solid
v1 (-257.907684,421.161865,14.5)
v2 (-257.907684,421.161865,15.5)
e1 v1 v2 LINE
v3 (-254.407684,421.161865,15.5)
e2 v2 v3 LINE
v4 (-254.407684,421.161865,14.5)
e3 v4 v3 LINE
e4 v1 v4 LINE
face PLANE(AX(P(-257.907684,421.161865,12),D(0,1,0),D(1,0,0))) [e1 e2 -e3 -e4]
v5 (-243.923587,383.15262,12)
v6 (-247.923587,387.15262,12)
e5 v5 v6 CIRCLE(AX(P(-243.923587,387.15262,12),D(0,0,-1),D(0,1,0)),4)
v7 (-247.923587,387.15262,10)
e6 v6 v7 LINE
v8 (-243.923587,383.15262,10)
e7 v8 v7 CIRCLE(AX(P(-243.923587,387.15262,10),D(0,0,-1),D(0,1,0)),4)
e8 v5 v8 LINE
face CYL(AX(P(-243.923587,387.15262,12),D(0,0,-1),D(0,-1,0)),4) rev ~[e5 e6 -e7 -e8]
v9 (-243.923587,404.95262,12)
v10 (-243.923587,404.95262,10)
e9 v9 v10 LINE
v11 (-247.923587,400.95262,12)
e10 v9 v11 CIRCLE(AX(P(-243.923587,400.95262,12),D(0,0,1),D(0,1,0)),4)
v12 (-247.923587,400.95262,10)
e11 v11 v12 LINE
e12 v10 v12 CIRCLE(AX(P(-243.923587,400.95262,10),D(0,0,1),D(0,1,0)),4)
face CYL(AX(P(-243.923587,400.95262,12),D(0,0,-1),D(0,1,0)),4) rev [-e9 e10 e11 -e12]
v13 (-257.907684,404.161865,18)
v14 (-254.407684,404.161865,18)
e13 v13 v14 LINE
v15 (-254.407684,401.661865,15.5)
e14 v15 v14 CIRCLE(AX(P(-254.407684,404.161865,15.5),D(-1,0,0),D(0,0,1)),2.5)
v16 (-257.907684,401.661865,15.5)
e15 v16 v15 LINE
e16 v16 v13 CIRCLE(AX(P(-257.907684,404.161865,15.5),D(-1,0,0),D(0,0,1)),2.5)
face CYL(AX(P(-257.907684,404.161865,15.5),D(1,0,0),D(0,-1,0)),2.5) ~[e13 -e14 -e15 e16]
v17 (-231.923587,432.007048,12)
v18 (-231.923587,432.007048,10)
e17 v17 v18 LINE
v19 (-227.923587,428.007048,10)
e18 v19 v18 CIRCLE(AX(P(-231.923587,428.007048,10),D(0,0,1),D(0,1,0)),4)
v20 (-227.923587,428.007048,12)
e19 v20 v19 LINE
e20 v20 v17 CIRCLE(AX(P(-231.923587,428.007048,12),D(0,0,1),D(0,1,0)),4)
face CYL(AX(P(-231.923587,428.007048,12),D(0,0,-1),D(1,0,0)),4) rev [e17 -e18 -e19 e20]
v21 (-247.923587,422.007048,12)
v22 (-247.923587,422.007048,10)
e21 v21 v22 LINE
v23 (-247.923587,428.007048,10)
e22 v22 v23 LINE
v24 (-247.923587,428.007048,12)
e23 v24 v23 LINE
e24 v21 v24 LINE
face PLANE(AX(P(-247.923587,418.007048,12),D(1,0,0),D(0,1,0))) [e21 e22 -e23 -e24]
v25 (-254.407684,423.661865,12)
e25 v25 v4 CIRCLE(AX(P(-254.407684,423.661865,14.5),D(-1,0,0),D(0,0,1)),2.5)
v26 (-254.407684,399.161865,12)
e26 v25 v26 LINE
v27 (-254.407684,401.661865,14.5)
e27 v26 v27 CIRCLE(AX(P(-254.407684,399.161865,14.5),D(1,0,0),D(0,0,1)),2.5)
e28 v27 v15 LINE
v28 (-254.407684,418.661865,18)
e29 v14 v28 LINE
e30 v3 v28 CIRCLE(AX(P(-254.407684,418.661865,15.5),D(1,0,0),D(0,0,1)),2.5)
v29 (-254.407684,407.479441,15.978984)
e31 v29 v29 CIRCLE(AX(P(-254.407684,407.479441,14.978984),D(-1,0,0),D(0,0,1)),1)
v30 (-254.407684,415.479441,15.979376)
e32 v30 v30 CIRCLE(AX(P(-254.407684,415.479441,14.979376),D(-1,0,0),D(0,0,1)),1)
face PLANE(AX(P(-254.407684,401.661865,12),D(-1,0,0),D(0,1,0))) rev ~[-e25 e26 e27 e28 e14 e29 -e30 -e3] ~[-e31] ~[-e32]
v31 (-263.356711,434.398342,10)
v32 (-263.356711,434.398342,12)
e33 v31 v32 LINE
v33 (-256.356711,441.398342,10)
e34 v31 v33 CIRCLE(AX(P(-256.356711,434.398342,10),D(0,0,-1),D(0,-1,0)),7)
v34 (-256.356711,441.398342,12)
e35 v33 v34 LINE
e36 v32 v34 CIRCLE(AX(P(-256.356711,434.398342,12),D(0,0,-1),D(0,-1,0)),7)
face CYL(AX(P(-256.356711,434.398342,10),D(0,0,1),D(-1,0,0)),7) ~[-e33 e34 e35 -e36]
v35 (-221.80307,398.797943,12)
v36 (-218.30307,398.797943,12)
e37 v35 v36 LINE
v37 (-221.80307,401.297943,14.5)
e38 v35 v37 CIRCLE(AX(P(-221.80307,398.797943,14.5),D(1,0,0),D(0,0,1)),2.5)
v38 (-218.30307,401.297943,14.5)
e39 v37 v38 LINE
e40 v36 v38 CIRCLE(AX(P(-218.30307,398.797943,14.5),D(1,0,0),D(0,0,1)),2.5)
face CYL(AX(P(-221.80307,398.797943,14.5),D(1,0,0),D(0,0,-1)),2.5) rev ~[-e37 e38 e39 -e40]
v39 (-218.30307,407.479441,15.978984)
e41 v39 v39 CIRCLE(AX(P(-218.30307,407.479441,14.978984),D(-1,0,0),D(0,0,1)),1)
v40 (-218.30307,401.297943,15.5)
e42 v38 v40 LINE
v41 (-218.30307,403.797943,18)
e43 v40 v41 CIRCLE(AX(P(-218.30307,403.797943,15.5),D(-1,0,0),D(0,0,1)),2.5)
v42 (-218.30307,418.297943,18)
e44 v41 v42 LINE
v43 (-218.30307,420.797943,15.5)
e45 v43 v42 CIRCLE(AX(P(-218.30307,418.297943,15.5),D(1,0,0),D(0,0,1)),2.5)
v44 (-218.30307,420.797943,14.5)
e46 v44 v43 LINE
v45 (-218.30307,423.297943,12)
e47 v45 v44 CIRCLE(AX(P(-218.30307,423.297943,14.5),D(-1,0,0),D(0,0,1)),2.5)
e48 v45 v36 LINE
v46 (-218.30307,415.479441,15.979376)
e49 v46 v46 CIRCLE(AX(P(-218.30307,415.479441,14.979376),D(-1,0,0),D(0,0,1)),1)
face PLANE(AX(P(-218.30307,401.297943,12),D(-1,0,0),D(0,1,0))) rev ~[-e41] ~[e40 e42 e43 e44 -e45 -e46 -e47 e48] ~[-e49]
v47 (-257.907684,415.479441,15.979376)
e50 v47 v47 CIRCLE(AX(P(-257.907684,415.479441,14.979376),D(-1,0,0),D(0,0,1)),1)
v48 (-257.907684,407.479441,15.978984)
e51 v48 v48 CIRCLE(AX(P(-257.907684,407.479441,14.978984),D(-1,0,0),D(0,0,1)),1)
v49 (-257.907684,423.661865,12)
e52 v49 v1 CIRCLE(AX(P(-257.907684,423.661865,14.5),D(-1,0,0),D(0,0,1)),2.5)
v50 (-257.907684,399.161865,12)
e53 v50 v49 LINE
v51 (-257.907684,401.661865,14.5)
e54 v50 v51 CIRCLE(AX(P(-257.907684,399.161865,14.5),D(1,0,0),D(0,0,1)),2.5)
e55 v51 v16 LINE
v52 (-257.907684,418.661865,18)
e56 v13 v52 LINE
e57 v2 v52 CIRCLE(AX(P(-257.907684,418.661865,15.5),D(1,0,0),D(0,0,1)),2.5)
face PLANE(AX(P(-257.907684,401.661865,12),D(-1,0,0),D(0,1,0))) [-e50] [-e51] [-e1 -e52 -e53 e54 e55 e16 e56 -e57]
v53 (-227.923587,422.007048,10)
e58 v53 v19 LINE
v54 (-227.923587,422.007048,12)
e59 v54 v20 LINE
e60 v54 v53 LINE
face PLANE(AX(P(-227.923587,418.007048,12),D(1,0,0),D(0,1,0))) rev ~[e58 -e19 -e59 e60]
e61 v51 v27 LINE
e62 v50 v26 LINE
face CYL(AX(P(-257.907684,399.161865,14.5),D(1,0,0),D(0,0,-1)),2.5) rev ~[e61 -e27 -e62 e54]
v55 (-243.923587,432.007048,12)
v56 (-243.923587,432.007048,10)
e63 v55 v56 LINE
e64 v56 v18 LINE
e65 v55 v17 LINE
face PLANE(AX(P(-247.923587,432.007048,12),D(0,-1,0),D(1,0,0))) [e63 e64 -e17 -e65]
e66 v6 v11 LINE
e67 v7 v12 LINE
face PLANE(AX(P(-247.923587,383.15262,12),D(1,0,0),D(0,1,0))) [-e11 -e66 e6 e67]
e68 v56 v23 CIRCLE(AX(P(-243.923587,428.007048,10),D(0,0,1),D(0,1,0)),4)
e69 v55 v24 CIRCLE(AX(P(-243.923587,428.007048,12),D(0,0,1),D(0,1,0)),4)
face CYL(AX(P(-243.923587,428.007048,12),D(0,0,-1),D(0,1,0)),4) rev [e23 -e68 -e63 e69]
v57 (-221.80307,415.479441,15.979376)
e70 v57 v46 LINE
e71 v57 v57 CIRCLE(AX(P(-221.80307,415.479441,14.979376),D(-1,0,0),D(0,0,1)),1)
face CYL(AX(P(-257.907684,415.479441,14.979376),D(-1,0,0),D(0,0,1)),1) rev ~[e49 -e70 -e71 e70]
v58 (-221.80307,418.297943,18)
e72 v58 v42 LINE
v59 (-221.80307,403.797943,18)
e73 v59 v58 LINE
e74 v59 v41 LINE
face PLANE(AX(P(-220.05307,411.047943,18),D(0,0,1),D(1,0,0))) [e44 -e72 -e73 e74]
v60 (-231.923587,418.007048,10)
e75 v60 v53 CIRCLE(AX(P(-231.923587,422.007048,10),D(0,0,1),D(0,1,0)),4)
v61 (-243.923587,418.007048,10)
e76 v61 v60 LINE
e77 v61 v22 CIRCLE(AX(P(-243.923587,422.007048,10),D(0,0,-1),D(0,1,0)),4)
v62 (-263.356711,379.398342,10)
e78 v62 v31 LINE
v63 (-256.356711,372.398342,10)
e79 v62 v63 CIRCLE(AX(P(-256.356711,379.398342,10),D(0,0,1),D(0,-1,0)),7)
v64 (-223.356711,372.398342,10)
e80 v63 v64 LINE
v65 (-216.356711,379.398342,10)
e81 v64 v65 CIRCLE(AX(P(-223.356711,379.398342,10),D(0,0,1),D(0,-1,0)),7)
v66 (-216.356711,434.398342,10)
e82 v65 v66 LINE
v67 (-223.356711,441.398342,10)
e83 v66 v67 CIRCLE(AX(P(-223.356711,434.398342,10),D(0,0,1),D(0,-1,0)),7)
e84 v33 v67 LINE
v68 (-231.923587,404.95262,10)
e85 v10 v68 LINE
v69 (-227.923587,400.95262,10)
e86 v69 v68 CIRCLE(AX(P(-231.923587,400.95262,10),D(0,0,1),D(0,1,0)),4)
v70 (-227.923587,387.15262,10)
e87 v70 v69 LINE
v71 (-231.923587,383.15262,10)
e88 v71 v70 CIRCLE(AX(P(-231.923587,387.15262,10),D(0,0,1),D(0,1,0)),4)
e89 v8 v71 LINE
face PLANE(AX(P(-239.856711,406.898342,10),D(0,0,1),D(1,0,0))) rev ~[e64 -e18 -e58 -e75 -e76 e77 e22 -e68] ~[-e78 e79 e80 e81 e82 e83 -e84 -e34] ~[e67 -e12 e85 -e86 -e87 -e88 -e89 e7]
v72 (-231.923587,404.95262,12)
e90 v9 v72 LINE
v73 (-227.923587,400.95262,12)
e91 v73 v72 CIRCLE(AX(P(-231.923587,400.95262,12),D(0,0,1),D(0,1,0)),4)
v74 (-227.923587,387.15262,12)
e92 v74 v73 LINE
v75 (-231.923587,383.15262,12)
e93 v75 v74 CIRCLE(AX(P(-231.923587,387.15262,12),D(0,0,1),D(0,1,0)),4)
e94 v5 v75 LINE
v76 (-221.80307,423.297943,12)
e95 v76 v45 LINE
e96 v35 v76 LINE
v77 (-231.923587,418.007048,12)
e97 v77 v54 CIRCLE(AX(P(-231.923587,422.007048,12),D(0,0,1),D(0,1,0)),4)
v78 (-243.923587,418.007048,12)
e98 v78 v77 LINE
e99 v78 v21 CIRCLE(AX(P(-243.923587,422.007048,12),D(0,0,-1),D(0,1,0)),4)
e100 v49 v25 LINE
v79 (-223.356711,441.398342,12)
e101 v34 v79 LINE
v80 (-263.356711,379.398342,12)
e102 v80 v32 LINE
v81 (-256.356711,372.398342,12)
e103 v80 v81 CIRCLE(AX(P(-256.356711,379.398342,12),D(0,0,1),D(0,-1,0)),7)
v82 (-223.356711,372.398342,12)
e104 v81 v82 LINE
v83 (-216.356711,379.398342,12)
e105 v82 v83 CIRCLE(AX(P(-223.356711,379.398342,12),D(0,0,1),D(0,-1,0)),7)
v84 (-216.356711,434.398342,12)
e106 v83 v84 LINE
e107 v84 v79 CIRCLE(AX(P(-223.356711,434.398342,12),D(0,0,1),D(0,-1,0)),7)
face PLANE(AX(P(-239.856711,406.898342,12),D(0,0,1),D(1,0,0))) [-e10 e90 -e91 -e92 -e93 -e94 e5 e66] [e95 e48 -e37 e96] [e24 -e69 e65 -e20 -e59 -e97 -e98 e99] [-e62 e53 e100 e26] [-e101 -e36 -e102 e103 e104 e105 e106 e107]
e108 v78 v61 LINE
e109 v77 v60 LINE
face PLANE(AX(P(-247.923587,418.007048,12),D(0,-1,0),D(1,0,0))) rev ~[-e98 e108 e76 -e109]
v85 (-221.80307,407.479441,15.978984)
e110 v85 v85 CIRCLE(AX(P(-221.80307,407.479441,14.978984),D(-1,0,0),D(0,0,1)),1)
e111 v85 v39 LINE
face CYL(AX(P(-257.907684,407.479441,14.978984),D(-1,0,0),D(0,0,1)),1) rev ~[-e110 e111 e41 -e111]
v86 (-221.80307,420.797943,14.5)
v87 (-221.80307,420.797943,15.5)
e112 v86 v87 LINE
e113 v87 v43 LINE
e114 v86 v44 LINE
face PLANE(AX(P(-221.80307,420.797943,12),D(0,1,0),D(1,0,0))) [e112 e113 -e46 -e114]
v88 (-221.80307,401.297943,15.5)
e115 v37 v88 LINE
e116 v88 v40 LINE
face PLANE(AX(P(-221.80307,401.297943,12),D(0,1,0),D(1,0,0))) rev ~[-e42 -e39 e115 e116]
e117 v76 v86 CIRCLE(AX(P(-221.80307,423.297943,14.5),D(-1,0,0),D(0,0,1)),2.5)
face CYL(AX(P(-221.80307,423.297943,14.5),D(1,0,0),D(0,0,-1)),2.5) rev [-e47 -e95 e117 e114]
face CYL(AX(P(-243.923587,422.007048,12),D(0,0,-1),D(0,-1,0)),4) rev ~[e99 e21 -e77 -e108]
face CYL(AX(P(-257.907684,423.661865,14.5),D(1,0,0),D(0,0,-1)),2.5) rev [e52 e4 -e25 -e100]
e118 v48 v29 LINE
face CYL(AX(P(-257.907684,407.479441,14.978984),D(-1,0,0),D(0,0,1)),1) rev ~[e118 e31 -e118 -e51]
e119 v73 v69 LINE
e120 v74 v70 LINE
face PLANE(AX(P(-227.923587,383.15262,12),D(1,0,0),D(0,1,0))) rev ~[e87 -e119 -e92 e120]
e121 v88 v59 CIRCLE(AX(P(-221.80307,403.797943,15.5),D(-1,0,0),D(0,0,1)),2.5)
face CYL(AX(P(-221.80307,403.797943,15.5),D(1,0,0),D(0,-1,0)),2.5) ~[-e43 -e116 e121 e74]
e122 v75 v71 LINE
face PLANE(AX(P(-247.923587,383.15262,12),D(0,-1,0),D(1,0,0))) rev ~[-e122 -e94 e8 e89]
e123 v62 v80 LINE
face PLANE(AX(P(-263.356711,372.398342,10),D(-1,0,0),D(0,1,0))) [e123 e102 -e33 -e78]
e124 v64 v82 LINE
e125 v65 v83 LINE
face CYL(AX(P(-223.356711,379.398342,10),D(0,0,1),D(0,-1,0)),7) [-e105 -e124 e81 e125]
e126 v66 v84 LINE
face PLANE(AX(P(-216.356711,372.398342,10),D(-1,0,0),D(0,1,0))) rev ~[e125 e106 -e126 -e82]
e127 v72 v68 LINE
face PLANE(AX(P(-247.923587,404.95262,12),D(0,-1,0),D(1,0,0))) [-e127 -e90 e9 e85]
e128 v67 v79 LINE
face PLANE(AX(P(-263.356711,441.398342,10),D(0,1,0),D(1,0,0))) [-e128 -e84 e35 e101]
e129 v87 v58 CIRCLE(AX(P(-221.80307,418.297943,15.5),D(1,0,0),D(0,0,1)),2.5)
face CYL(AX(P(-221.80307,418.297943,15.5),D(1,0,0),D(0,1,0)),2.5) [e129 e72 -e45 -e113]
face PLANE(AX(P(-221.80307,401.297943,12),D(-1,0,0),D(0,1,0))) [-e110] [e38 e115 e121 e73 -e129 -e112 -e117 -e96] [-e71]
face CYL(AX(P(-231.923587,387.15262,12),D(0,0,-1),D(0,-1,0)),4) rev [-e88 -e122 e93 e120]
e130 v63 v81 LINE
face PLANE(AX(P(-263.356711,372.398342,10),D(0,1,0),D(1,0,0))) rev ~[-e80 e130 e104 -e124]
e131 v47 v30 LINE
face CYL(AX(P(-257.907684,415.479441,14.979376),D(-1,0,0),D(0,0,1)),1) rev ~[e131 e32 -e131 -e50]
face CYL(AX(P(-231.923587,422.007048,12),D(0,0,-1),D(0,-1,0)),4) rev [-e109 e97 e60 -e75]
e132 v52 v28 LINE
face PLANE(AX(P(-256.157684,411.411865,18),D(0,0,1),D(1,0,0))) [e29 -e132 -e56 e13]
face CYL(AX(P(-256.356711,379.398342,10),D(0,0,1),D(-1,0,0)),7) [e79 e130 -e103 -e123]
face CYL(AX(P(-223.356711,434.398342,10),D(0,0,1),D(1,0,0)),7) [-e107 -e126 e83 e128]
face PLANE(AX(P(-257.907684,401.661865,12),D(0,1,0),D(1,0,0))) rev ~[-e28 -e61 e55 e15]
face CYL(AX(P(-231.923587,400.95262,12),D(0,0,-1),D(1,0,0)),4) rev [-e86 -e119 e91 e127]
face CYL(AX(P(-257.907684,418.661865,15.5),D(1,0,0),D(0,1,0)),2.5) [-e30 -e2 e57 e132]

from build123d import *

# Parameters (mm, degrees)
SKETCH1_W           = 47
SKETCH1_H           = 69
BOSS_EXTRUDE1_DEPTH = 2
FILLET1_R           = 7
SKETCH2_W           = 20
SKETCH2_H           = 14
SKETCH2_H_2         = 21.8
CUT_EXTRUDE1_DEPTH  = 2
SKETCH3_W           = 3.5
SKETCH3_H           = 19.5
BOSS_EXTRUDE2_DEPTH = 6
FILLET2_R           = 4
FILLET3_R           = 2.5
SKETCH4_R           = 1
CUT_EXTRUDE2_DEPTH  = 444.714975323


with BuildPart() as part:
    # Sketch1 → Boss-Extrude1 (new body)
    with BuildSketch(Plane.XY.offset(10)):
        with Locations((-239.856711142, 406.898341584)):
            Rectangle(SKETCH1_W, SKETCH1_H)
    extrude(amount=BOSS_EXTRUDE1_DEPTH)

    # Fillet1
    fillet1_edges = [part.edges().sort_by_distance(p)[0] for p in [
        (-263.356711142, 441.398341584, 11),
        (-216.356711142, 441.398341584, 11),
        (-216.356711142, 372.398341584, 11),
        (-263.356711142, 372.398341584, 11),
    ]]
    fillet(fillet1_edges, radius=FILLET1_R)

    # Sketch2 → Cut-Extrude1 (cut)
    with BuildSketch(Plane.XY.offset(12)):
        with Locations((-237.923586614, 425.007047567)):
            Rectangle(SKETCH2_W, SKETCH2_H)
        with Locations((-237.923586614, 394.052620238)):
            Rectangle(SKETCH2_W, SKETCH2_H_2)
    extrude(amount=-CUT_EXTRUDE1_DEPTH, mode=Mode.SUBTRACT)

    # Sketch3 → Boss-Extrude2 (add)
    with BuildSketch(Plane.XY.offset(12)):
        with Locations((-220.053070068, 411.047943115)):
            Rectangle(SKETCH3_W, SKETCH3_H)
        with Locations((-256.157684326, 411.411865234)):
            Rectangle(SKETCH3_W, SKETCH3_H)
    extrude(amount=BOSS_EXTRUDE2_DEPTH)

    # Fillet2
    fillet2_edges = [part.edges().sort_by_distance(p)[0] for p in [
        (-247.923586614, 418.007047567, 11),
        (-247.923586614, 432.007047567, 11),
        (-227.923586614, 432.007047567, 11),
        (-227.923586614, 418.007047567, 11),
        (-247.923586614, 383.152620238, 11),
        (-247.923586614, 404.952620238, 11),
        (-227.923586614, 404.952620238, 11),
        (-227.923586614, 383.152620238, 11),
    ]]
    fillet(fillet2_edges, radius=FILLET2_R)

    # Fillet3
    fillet3_edges = [part.edges().sort_by_distance(p)[0] for p in [
        (-256.157684326, 421.161865234, 12),
        (-256.157684326, 401.661865234, 12),
        (-256.157684326, 421.161865234, 18),
        (-256.157684326, 401.661865234, 18),
        (-220.053070068, 401.297943115, 12),
        (-220.053070068, 420.797943115, 12),
        (-220.053070068, 401.297943115, 18),
        (-220.053070068, 420.797943115, 18),
    ]]
    fillet(fillet3_edges, radius=FILLET3_R)

    # Sketch4 → Cut-Extrude2 (cut, through all)
    with BuildSketch(Plane.ZY.offset(257.907684326)):
        with Locations((14.979375571, 415.479440957)):
            Circle(SKETCH4_R)
        with Locations((14.978983816, 407.479440966)):
            Circle(SKETCH4_R)
    extrude(amount=-CUT_EXTRUDE2_DEPTH, mode=Mode.SUBTRACT)


solid = part.part
